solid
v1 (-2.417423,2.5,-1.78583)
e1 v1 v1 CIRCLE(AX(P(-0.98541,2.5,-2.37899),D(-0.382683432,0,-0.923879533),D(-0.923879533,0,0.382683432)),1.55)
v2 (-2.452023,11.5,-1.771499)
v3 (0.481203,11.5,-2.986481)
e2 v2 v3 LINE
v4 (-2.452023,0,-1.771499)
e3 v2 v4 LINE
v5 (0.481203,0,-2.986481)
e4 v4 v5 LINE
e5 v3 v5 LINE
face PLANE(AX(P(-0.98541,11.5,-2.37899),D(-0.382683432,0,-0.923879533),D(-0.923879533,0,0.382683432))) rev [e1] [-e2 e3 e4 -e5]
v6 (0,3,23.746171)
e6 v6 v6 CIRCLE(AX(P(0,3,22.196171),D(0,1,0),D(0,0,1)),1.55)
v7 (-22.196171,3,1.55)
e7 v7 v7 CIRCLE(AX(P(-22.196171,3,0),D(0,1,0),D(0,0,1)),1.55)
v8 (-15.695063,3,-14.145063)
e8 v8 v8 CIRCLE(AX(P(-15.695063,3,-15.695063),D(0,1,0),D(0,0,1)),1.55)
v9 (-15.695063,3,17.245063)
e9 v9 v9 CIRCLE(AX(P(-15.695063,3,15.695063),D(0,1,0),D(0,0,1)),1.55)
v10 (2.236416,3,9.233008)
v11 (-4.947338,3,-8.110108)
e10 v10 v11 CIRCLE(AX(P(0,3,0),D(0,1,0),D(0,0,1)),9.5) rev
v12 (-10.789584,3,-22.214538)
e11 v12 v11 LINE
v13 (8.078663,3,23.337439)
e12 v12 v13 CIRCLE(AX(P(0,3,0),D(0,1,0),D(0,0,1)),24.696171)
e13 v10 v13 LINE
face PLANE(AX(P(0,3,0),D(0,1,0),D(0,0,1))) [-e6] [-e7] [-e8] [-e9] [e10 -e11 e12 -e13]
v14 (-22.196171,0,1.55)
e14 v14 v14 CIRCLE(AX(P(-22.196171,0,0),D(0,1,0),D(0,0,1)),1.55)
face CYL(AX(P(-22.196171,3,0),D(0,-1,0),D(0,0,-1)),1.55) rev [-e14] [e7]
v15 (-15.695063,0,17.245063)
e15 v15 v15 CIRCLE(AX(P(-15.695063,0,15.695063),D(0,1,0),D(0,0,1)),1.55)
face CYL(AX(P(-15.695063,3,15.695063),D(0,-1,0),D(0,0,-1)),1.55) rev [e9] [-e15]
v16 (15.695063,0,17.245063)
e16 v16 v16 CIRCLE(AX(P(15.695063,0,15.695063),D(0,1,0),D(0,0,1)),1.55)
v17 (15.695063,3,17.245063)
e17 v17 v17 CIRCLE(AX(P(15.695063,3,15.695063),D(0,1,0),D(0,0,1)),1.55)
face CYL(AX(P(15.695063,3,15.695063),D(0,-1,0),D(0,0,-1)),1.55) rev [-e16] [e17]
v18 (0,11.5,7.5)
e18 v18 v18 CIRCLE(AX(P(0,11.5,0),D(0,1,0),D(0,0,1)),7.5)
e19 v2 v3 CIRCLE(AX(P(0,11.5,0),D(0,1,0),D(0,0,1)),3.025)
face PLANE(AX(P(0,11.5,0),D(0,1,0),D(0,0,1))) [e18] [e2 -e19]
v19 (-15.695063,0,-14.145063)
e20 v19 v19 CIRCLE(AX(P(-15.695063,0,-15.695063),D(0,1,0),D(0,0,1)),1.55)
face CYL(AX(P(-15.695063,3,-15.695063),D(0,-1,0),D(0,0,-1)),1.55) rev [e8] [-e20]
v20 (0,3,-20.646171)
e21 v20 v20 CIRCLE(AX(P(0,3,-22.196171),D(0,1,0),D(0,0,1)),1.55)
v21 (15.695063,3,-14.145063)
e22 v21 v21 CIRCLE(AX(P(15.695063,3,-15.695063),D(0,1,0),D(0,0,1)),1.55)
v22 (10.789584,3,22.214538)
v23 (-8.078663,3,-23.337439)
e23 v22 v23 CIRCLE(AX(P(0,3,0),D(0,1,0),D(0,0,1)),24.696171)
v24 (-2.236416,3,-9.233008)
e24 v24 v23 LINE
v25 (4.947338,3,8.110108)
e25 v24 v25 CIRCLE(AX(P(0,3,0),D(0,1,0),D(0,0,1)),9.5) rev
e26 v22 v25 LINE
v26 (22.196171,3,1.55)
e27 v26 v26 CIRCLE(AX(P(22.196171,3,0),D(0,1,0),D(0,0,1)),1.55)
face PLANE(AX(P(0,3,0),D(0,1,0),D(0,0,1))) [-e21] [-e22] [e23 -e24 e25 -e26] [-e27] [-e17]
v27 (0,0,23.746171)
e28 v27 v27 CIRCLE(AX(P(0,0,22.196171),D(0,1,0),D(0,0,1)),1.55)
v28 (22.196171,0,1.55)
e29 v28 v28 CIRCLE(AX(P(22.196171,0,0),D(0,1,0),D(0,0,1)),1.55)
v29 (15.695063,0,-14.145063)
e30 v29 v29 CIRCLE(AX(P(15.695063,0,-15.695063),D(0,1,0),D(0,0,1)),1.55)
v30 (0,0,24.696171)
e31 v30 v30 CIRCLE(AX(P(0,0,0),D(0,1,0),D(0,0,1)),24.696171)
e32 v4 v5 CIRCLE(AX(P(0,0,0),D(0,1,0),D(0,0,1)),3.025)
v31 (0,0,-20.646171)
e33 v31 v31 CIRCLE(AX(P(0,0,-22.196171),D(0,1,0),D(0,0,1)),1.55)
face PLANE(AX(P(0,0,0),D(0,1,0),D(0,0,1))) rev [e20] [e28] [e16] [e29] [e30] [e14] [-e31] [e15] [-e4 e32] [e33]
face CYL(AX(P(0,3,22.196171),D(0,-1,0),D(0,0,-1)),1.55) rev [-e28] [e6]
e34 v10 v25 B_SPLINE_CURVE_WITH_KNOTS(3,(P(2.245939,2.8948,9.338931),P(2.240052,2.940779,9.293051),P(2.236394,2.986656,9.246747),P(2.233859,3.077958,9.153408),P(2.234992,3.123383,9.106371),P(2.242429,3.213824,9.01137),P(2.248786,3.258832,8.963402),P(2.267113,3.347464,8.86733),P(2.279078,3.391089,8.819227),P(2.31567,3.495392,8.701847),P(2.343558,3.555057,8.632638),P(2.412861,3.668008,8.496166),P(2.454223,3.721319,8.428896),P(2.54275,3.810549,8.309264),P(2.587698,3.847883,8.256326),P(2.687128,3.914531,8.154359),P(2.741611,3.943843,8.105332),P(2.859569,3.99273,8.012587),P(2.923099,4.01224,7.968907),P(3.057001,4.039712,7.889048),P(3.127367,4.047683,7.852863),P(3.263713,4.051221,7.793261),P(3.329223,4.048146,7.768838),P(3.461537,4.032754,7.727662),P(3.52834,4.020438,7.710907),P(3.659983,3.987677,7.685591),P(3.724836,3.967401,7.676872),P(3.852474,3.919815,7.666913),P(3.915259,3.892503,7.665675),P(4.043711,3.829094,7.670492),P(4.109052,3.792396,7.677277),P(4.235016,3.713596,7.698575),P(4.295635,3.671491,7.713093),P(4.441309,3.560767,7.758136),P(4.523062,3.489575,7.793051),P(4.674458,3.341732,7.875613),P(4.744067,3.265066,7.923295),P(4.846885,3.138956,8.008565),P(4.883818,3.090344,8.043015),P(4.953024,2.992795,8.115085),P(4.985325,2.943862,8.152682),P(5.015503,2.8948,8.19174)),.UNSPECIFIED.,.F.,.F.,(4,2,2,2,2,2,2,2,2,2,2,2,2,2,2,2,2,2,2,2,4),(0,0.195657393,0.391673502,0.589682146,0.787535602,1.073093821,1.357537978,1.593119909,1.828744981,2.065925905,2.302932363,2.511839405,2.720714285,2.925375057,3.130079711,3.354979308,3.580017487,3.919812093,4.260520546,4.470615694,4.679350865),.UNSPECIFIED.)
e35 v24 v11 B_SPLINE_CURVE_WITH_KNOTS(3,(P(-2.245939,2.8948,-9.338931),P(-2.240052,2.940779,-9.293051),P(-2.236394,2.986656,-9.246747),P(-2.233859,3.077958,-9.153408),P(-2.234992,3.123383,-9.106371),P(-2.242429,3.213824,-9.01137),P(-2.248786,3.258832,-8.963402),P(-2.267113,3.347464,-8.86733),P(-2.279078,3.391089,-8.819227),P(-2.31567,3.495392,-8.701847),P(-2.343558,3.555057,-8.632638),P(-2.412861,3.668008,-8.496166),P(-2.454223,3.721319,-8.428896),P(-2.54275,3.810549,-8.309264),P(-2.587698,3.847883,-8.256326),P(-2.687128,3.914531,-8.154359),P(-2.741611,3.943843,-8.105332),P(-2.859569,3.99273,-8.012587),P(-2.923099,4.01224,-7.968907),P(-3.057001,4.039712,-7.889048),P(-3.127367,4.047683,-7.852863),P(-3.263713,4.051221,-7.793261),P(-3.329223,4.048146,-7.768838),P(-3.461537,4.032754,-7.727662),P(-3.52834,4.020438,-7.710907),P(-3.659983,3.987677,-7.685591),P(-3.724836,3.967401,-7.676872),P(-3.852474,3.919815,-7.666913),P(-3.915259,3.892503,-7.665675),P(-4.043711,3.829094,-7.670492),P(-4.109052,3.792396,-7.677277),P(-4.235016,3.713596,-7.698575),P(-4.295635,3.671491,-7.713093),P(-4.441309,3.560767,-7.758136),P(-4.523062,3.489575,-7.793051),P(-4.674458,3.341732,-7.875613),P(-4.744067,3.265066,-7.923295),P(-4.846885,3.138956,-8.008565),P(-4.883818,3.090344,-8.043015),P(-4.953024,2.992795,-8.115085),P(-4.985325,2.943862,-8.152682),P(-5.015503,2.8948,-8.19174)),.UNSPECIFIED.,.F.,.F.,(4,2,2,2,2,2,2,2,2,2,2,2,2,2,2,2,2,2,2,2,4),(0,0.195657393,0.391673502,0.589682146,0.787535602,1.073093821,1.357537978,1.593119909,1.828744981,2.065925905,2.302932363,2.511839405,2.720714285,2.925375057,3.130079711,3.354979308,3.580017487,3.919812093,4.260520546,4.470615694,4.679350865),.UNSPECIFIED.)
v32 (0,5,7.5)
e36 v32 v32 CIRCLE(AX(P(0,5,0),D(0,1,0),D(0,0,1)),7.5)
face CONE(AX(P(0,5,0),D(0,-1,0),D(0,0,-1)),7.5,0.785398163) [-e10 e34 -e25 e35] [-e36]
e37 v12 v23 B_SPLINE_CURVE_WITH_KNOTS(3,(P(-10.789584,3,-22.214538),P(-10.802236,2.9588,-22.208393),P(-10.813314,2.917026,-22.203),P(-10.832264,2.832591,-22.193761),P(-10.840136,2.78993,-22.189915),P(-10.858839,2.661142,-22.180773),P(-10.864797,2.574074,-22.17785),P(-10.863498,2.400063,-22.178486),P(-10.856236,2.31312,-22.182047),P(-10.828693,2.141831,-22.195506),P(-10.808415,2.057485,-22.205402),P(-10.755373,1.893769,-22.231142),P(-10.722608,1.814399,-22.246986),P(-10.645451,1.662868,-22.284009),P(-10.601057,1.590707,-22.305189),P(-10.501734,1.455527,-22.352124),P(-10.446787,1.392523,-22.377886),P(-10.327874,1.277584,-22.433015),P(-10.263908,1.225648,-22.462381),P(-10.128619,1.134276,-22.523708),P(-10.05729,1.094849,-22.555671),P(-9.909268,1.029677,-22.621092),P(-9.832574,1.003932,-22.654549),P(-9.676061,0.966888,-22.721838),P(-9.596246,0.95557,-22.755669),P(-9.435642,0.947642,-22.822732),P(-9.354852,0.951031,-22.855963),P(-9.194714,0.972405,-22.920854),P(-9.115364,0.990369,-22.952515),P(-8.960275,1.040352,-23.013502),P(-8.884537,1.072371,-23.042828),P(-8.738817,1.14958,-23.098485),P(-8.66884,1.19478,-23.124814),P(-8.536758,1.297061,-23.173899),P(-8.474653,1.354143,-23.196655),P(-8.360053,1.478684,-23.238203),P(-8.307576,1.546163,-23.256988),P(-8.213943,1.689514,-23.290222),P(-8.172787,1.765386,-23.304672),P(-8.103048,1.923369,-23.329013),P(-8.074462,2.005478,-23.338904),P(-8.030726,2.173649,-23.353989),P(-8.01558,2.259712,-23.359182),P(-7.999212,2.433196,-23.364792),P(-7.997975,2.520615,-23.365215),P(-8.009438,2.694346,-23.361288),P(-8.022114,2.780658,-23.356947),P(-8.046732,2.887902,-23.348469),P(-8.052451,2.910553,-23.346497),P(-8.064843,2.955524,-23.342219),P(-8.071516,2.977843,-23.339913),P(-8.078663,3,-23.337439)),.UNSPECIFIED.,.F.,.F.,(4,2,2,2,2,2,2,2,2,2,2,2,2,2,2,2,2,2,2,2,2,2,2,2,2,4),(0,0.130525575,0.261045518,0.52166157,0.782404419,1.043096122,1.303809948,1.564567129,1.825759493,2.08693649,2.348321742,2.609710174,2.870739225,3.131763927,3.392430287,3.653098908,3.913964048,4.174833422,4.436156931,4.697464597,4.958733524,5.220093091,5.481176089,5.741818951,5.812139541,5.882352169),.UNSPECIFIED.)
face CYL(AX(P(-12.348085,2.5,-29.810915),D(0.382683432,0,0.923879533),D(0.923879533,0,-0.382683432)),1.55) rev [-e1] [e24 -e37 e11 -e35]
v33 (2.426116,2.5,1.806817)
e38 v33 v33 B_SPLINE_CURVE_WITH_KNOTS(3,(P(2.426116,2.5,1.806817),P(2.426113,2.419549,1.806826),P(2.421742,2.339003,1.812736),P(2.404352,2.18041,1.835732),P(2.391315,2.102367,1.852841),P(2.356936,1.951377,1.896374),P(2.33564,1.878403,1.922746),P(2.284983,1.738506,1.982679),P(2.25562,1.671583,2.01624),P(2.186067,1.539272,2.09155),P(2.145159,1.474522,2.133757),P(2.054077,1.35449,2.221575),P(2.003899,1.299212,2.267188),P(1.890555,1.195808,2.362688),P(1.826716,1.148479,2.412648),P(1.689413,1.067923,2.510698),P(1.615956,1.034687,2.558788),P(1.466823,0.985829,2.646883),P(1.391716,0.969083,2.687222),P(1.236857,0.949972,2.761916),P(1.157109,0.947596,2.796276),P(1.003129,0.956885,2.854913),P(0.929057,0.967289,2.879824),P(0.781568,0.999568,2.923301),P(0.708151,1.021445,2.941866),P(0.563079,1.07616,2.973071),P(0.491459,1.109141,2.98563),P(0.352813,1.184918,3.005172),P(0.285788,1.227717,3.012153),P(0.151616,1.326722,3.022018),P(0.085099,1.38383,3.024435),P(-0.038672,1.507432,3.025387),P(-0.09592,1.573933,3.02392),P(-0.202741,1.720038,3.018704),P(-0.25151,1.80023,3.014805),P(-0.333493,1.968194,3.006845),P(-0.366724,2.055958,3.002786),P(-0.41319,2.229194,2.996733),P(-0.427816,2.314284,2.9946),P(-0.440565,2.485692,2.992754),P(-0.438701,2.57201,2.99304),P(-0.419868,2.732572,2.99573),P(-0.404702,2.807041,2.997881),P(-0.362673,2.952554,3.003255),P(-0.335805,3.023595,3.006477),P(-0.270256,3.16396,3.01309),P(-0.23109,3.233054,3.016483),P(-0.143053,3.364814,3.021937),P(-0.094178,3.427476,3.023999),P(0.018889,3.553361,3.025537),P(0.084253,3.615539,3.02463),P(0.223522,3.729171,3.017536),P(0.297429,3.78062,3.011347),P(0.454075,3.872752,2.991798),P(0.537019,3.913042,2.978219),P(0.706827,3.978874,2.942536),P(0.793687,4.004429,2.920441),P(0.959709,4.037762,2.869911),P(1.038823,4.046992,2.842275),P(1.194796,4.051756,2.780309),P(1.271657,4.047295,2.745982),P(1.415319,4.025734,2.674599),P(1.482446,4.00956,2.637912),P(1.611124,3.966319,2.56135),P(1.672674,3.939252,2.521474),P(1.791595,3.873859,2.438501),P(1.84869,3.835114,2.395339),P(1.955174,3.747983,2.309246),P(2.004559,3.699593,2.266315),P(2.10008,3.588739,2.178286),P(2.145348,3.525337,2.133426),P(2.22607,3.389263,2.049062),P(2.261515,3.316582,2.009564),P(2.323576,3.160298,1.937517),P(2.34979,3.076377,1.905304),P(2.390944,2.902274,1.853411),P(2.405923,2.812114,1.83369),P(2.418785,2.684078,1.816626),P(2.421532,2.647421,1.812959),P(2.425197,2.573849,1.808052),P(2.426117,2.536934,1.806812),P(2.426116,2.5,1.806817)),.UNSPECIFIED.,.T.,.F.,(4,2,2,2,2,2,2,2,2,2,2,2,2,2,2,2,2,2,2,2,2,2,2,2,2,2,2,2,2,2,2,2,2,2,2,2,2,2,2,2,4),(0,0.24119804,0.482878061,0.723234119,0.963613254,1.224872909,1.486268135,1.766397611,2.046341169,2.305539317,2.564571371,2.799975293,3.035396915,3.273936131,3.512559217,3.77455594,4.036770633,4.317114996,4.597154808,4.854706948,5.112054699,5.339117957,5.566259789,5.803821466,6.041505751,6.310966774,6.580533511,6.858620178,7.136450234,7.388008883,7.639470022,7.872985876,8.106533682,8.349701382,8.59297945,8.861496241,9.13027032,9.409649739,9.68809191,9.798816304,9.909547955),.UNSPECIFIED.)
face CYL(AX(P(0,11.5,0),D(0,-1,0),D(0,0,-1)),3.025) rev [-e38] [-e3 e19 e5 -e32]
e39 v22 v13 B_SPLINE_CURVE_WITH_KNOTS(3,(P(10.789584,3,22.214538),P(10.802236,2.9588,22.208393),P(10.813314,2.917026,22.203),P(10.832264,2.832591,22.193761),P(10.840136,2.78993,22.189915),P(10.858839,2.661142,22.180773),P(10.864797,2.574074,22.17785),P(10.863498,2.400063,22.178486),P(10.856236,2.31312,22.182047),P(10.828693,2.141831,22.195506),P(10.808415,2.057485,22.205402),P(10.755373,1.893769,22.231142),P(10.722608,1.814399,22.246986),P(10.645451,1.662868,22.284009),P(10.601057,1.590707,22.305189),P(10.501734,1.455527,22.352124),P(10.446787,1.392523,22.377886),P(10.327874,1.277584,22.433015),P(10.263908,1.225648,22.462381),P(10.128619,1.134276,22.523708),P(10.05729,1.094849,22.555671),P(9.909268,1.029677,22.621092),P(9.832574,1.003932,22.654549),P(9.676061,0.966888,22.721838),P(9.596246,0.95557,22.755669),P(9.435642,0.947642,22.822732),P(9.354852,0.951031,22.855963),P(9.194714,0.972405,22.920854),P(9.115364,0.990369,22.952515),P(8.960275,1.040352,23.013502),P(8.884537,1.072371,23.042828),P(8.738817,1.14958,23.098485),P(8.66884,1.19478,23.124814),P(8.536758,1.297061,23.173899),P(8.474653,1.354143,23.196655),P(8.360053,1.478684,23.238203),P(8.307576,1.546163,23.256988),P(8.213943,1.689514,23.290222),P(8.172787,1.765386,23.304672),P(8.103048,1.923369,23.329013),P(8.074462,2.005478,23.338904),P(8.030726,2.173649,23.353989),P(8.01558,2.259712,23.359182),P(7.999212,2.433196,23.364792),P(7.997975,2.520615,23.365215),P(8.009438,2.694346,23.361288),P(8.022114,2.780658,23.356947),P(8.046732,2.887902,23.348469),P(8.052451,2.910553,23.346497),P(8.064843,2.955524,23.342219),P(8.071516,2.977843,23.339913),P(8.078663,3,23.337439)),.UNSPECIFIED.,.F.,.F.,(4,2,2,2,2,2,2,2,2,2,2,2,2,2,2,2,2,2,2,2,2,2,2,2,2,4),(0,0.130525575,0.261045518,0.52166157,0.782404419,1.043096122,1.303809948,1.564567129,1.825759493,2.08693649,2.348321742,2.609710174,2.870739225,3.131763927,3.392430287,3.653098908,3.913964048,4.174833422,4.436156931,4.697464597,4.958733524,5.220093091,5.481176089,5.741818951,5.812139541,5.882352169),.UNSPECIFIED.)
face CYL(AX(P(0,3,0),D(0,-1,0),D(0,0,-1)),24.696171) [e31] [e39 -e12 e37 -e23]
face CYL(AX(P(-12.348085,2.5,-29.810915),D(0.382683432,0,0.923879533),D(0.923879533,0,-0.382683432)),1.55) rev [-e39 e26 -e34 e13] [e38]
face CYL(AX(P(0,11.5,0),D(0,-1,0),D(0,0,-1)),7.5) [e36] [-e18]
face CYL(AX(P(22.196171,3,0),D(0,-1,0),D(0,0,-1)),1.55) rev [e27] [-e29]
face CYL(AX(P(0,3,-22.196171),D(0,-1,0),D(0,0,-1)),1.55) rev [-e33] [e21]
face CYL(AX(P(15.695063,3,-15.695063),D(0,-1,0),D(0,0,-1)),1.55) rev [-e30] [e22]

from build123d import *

# Parameters (mm, degrees)
SKETCH_1_R               = 24.696170665
SKETCH_1_R_2             = 1.55
SKETCH_1_R_3             = 7.5
EXTRUDE_1_DEPTH          = 3
SKETCH_1_4_R             = 7.5
EXTRUDE_2_DEPTH          = 11.5
CHAMFER_2_SIZE           = 2
CUT_EXTRUDE_2_DEPTH      = 40.04942882
CUT_EXTRUDE_2_DEPTH_BACK = 40.04942882
SKETCH_5_R               = 1.55


with BuildPart() as part:
    # 草图1 → 凸台-拉伸1 (new body)
    with BuildSketch(Plane(origin=(0, 0, 0), x_dir=(1, 0, 0), z_dir=(0, 1, 0))):
        Circle(SKETCH_1_R)
        with Locations((-15.695062794, -15.695062794)):
            Circle(SKETCH_1_R_2, mode=Mode.SUBTRACT)
        with Locations((0, -22.196170665)):
            Circle(SKETCH_1_R_2, mode=Mode.SUBTRACT)
        with Locations((15.695062794, -15.695062794)):
            Circle(SKETCH_1_R_2, mode=Mode.SUBTRACT)
        with Locations((-22.196170665, 0)):
            Circle(SKETCH_1_R_2, mode=Mode.SUBTRACT)
        with Locations((-15.695062794, 15.695062794)):
            Circle(SKETCH_1_R_2, mode=Mode.SUBTRACT)
        Circle(SKETCH_1_R_3, mode=Mode.SUBTRACT)
        with Locations((22.196170665, 0)):
            Circle(SKETCH_1_R_2, mode=Mode.SUBTRACT)
        with Locations((0, 22.196170665)):
            Circle(SKETCH_1_R_2, mode=Mode.SUBTRACT)
        with Locations((15.695062794, 15.695062794)):
            Circle(SKETCH_1_R_2, mode=Mode.SUBTRACT)
    extrude(amount=EXTRUDE_1_DEPTH)

    # 草图1<4> → 凸台-拉伸2 (add)
    with BuildSketch(Plane(origin=(0, 0, 0), x_dir=(1, 0, 0), z_dir=(0, 1, 0))):
        Circle(SKETCH_1_4_R)
        with BuildLine():
            Line((-2.452023129, 1.77149868), (0.481203452, 2.986480912))
            ThreePointArc((0.481203452, 2.986480912), (1.157617383, -2.794735586), (-2.452023129, 1.77149868))
        make_face(mode=Mode.SUBTRACT)
    extrude(amount=EXTRUDE_2_DEPTH)

    # 倒角2
    chamfer_2_edges = [part.edges().sort_by_distance(p)[0] for p in [
        (-7.5, 3, 0),
    ]]
    chamfer(chamfer_2_edges, length=CHAMFER_2_SIZE)

    # 草图5 → 切除-拉伸2 (cut, two sides: drawn at the far end of the back side and taken through both)
    with BuildSketch(Plane(origin=(-0.985409838, 0, -2.378989796), x_dir=(0.9238795325112868, 0, -0.38268343236508967), z_dir=(0.3826834323650896, 0, 0.9238795325112867)).offset(-CUT_EXTRUDE_2_DEPTH_BACK)):
        with Locations((0, 2.5)):
            Circle(SKETCH_5_R)
    extrude(amount=CUT_EXTRUDE_2_DEPTH + CUT_EXTRUDE_2_DEPTH_BACK, mode=Mode.SUBTRACT)


solid = part.part
